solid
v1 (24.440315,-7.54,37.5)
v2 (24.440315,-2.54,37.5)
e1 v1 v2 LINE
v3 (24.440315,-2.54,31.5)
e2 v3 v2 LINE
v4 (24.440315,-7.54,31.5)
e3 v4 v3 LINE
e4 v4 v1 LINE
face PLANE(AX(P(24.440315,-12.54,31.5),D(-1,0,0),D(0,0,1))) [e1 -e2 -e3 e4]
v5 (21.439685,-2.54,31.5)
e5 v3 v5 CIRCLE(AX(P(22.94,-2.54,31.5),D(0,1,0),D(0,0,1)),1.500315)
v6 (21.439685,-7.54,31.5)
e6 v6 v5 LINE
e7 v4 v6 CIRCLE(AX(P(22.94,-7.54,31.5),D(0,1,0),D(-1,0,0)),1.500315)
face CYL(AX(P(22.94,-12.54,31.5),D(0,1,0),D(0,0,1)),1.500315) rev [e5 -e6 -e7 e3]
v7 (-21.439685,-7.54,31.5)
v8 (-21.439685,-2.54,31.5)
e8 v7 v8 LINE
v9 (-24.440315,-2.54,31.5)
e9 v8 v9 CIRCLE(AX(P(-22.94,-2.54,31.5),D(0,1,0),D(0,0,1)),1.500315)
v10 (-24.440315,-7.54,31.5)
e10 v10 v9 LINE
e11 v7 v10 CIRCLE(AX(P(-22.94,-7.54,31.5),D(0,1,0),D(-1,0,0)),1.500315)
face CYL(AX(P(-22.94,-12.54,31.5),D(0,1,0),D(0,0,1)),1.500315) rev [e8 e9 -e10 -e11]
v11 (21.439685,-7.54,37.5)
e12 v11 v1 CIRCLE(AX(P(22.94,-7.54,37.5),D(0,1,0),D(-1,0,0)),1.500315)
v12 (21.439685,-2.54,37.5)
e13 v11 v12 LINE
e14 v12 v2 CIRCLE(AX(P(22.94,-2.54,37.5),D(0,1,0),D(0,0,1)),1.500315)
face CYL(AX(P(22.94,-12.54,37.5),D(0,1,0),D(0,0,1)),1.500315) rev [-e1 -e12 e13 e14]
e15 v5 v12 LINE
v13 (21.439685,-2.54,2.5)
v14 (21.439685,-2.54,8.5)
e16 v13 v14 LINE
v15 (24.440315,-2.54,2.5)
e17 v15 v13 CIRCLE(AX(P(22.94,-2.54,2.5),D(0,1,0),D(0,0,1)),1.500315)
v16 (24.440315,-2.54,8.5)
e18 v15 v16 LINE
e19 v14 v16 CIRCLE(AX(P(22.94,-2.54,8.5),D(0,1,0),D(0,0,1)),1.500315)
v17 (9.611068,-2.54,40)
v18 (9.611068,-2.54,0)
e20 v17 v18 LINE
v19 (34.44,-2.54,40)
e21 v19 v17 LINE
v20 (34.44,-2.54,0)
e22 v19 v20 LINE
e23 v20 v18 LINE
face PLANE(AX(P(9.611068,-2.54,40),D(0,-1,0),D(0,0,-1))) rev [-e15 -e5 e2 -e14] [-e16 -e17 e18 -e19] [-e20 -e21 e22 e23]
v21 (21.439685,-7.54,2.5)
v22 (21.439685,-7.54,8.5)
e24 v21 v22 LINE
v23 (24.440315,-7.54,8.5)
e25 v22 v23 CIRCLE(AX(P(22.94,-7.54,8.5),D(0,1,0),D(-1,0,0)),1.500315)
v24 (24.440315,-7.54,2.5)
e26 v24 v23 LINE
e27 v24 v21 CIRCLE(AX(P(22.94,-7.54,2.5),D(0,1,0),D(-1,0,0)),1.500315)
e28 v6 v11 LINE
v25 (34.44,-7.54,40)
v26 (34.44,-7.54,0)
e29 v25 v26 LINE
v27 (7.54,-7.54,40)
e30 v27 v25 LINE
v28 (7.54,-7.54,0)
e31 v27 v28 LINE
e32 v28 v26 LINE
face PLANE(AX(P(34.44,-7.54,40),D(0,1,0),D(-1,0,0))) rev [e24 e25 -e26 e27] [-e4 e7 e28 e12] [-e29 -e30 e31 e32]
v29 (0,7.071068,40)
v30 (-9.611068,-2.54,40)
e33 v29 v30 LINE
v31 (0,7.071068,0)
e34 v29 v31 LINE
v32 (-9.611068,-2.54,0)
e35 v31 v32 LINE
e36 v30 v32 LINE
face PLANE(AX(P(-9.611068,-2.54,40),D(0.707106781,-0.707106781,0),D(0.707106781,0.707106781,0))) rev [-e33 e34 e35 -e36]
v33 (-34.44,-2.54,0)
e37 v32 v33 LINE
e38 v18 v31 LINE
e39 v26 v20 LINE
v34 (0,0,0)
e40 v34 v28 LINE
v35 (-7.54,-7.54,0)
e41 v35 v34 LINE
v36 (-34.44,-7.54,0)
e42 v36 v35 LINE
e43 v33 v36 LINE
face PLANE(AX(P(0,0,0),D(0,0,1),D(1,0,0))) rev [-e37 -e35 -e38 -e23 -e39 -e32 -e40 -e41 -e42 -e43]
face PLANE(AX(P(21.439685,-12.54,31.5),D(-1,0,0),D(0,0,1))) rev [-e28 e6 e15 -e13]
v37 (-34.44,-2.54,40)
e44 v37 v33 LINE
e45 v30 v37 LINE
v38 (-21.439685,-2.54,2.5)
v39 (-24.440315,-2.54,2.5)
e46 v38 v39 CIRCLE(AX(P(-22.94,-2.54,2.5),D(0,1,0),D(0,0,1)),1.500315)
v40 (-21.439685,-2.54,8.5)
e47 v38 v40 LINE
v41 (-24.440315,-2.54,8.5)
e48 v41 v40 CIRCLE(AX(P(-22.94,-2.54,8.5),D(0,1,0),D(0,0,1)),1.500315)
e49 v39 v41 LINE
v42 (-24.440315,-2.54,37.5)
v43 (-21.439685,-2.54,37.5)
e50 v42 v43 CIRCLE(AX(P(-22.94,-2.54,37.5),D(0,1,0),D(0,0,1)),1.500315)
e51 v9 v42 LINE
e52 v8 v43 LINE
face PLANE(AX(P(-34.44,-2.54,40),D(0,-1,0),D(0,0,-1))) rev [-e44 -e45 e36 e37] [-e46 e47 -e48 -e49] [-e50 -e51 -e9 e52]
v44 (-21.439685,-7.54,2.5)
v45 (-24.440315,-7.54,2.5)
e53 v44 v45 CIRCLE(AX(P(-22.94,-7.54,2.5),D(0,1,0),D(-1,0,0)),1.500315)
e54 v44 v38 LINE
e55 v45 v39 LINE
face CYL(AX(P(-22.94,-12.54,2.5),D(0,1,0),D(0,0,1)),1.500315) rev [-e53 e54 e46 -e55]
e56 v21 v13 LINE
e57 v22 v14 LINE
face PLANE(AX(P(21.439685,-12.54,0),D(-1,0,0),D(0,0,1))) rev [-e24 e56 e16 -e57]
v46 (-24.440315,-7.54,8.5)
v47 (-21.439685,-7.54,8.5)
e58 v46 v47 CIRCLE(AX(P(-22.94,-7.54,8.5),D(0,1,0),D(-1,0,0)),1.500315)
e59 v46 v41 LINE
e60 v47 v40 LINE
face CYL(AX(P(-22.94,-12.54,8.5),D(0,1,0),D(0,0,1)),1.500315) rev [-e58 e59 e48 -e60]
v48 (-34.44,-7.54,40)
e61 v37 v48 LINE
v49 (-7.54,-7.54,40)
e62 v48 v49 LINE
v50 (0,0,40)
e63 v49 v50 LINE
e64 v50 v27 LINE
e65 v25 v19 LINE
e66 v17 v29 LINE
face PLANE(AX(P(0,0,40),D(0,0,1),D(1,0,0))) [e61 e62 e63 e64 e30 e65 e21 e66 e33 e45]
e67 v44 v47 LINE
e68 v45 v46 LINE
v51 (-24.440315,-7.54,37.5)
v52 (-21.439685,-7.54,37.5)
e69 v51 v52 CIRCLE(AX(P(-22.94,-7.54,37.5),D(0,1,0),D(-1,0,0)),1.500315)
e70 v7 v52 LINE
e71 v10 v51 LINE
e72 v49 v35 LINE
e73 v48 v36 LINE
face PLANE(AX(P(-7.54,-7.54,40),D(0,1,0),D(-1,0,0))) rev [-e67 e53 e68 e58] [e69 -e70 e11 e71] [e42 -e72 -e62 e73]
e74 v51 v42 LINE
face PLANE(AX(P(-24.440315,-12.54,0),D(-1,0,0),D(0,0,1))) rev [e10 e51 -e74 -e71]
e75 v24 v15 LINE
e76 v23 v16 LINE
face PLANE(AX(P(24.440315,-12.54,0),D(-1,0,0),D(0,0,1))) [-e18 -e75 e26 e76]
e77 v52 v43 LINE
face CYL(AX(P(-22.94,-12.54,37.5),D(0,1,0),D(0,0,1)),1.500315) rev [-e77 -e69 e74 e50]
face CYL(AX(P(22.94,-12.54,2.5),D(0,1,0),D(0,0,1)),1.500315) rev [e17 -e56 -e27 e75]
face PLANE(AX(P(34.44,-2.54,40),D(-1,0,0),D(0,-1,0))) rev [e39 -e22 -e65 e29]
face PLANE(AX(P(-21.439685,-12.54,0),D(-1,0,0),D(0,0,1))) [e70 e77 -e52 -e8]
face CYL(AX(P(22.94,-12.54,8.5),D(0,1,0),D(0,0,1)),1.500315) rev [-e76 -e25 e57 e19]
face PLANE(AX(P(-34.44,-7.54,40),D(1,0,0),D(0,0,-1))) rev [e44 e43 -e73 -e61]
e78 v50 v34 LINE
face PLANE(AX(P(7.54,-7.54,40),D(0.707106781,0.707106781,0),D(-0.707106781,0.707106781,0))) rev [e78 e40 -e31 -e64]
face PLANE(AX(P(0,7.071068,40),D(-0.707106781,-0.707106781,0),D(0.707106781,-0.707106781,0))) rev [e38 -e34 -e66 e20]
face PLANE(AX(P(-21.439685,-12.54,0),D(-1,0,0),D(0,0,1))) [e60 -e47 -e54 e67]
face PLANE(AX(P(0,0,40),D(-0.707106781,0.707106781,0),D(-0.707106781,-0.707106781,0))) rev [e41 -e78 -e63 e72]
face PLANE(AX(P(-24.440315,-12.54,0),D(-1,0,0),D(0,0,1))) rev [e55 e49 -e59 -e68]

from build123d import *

# Parameters (mm, degrees)
BOSS_EXTRUDE1_DEPTH = 40
CUT_EXTRUDE1_DEPTH  = 10


with BuildPart() as part:
    # Sketch1 → Boss-Extrude1 (new body)
    with BuildSketch(Plane.XY):
        Polygon((0, 0), (-7.54, -7.54), (-34.44, -7.54), (-34.44, -2.54), (-9.611067812, -2.54), (0, 7.071067812), (9.611067812, -2.54), (34.44, -2.54), (34.44, -7.54), (7.54, -7.54), align=None)
    extrude(amount=BOSS_EXTRUDE1_DEPTH)

    # Sketch3 → Cut-Extrude1 (cut)
    with BuildSketch(Plane(origin=(0, -2.54, 0), x_dir=(1, 0, 0), z_dir=(0, 1, 0))):
        with BuildLine():
            Line((-24.440315349, -31.5), (-24.440315349, -37.5))
            ThreePointArc((-24.440315349, -37.5), (-22.94, -39.000315349), (-21.439684651, -37.5))
            Line((-21.439684651, -37.5), (-21.439684651, -31.5))
            ThreePointArc((-21.439684651, -31.5), (-22.94, -29.999684651), (-24.440315349, -31.5))
        make_face()
        with BuildLine():
            Line((21.439684651, -2.5), (21.439684651, -8.5))
            ThreePointArc((21.439684651, -8.5), (22.94, -10.000315349), (24.440315349, -8.5))
            Line((24.440315349, -8.5), (24.440315349, -2.5))
            ThreePointArc((24.440315349, -2.5), (22.94, -0.999684651), (21.439684651, -2.5))
        make_face()
        with BuildLine():
            Line((-24.440315349, -2.5), (-24.440315349, -8.5))
            ThreePointArc((-24.440315349, -8.5), (-22.94, -10.000315349), (-21.439684651, -8.5))
            Line((-21.439684651, -8.5), (-21.439684651, -2.5))
            ThreePointArc((-21.439684651, -2.5), (-22.94, -0.999684651), (-24.440315349, -2.5))
        make_face()
        with BuildLine():
            Line((21.439684651, -31.5), (21.439684651, -37.5))
            ThreePointArc((21.439684651, -37.5), (22.94, -39.000315349), (24.440315349, -37.5))
            Line((24.440315349, -37.5), (24.440315349, -31.5))
            ThreePointArc((24.440315349, -31.5), (22.94, -29.999684651), (21.439684651, -31.5))
        make_face()
    extrude(amount=-CUT_EXTRUDE1_DEPTH, mode=Mode.SUBTRACT)


solid = part.part
